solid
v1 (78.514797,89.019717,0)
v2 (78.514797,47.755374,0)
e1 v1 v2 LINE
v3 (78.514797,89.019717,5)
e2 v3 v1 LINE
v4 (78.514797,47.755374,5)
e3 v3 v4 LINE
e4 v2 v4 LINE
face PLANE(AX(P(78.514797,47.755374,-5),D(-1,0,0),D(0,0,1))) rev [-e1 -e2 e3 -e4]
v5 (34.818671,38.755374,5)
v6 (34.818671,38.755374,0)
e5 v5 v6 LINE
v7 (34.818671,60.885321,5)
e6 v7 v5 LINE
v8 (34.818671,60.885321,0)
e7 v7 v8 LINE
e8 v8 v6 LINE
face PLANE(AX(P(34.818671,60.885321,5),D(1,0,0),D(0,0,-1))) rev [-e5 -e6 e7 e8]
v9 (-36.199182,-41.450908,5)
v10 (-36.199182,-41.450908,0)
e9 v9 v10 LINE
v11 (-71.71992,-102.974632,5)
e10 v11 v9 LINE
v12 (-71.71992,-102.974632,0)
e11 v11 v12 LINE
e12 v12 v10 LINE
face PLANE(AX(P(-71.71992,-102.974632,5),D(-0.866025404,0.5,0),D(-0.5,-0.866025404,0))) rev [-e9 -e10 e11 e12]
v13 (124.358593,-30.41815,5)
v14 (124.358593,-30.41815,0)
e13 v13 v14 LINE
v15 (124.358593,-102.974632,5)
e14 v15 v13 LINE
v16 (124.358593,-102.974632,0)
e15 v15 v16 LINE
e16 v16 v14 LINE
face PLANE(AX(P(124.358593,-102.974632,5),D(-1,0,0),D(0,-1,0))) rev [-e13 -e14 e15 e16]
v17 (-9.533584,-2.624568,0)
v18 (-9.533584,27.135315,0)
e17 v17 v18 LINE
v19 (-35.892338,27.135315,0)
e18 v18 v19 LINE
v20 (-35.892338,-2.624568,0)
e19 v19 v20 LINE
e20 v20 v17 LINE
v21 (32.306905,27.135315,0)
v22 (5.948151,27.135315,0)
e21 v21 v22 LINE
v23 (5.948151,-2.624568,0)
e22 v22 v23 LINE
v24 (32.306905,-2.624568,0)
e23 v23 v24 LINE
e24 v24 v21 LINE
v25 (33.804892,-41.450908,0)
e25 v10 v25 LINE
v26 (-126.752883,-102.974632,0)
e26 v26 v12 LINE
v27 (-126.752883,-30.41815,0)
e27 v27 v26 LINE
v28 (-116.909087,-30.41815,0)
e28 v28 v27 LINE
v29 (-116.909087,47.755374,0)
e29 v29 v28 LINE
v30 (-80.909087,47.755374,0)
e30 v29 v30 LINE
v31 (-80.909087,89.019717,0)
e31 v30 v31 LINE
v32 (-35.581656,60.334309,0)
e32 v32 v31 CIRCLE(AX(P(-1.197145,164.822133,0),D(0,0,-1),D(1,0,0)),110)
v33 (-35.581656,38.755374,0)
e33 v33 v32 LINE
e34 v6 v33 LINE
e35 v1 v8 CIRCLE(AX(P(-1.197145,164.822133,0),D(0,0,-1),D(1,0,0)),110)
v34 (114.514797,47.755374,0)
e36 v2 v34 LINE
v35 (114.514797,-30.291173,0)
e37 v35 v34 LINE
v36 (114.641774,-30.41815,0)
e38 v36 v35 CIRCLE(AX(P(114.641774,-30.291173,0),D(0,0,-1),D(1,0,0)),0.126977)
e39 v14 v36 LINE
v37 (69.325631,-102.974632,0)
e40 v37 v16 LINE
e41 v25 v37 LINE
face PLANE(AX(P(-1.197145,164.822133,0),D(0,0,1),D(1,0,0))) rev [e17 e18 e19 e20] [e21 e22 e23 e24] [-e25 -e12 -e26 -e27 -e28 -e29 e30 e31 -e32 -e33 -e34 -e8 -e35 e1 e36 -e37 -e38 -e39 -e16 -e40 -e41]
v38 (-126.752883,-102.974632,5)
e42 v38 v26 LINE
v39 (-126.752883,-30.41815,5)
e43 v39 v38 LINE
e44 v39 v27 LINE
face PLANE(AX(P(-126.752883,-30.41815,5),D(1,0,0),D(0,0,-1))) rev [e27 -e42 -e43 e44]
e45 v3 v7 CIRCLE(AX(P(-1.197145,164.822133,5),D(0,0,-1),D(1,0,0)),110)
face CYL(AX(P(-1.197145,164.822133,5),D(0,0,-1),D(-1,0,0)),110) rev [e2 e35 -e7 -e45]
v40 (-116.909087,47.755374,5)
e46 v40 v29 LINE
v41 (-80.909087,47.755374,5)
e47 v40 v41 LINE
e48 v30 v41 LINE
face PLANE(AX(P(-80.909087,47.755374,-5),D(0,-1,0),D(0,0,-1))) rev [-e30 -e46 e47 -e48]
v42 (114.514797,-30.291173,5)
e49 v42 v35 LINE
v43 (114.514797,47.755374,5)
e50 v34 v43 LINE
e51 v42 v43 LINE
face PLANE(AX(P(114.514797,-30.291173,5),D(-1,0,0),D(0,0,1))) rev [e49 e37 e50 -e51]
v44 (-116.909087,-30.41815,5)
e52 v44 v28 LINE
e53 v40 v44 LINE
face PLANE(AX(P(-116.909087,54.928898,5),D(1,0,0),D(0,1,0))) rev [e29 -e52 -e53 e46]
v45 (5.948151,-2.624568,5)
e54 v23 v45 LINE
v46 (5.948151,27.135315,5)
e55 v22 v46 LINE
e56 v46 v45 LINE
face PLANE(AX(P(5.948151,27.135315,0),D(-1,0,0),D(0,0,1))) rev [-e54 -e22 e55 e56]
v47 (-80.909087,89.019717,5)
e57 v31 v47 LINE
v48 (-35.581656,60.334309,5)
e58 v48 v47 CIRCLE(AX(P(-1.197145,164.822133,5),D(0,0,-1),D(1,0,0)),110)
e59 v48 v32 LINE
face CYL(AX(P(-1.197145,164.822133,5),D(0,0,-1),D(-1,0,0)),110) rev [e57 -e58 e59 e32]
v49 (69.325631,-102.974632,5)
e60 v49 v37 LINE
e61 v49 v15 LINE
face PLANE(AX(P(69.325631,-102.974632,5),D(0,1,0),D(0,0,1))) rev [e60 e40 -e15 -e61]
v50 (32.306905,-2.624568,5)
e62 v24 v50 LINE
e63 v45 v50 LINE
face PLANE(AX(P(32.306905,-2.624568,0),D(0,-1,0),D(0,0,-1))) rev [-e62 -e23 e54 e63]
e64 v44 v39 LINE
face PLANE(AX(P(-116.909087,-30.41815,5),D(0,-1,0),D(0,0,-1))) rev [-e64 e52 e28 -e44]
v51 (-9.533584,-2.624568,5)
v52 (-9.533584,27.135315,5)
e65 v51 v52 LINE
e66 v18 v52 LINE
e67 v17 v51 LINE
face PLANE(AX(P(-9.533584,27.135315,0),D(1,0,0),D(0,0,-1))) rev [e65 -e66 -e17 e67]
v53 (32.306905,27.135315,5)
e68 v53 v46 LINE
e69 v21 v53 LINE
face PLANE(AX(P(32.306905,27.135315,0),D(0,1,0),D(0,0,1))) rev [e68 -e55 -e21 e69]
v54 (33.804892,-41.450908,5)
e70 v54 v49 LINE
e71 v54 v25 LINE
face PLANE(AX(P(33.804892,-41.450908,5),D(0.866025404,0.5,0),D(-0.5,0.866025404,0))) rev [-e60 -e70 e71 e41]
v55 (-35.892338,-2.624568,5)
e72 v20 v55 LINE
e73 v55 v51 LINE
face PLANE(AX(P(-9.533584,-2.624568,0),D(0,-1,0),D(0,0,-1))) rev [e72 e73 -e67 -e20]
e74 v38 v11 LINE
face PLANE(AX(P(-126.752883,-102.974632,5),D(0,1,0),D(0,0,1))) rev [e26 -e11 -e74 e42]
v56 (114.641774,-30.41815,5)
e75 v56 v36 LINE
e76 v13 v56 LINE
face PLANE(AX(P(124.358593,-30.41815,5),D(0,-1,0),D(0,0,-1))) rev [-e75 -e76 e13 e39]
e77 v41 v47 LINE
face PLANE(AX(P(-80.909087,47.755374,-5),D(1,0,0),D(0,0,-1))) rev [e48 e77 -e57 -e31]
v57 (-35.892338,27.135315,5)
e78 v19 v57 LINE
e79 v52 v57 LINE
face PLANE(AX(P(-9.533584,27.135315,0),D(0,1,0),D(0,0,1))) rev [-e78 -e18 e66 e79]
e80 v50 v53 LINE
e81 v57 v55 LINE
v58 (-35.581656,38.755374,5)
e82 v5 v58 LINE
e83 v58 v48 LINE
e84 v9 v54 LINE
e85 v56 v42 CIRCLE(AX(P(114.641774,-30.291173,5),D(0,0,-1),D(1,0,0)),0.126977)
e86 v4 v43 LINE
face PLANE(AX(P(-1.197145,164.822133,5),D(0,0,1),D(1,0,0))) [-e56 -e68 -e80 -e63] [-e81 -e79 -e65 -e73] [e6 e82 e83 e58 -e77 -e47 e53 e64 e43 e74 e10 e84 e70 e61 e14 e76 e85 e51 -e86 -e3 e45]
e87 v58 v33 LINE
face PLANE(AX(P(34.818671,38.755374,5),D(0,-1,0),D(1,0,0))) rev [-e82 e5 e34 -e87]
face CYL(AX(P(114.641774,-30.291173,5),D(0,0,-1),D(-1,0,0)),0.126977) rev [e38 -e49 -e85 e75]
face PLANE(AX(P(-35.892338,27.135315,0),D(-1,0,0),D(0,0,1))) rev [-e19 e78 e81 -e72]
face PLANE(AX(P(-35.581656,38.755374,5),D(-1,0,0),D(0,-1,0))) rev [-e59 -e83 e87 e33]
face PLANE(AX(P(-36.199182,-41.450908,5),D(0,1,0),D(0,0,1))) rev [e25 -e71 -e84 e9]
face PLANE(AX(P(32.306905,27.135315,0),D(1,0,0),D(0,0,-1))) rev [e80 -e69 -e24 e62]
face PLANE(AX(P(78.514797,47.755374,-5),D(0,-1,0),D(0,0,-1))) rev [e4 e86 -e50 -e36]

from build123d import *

# Parameters (mm, degrees)
BOSS_EXTRUDE1_DEPTH = 5
SKETCH2_W           = 26.358753283
SKETCH2_H           = 29.759882739
CUT_EXTRUDE1_DEPTH  = 5
SKETCH3_W           = 34.735720487
SKETCH3_H           = 8.029761026
BOSS_EXTRUDE2_DEPTH = 5
SKETCH4_W           = 54.614047871
SKETCH4_H           = 63
SKETCH4_W_2         = 55.31958059
CUT_EXTRUDE2_DEPTH  = 10


with BuildPart() as part:
    # Sketch1 → Boss-Extrude1 (new body)
    with BuildSketch(Plane.XY):
        with BuildLine():
            Line((-91.993742522, 102.725612705), (-126.729463009, 102.725612705))
            Line((-126.729463009, 102.725612705), (-126.746200519, 82.983777967))
            Line((-126.746200519, 82.983777967), (-126.751305113, 69.550155563))
            Line((-126.751305113, 69.550155563), (-126.751615017, 54.928897922))
            Line((-126.751615017, 54.928897922), (-116.909086823, 54.928897922))
            Line((-116.909086823, 54.928897922), (-116.909086823, -30.41815046))
            Line((-116.909086823, -30.41815046), (-126.752882712, -30.41815046))
            Line((-126.752882712, -30.41815046), (-126.752882712, -102.974632312))
            Line((-126.752882712, -102.974632312), (-71.719920422, -102.974632312))
            Line((-71.719920422, -102.974632312), (-36.199181634, -41.450908009))
            Line((-36.199181634, -41.450908009), (33.804891756, -41.450908009))
            Line((33.804891756, -41.450908009), (69.325630544, -102.974632312))
            Line((69.325630544, -102.974632312), (124.358592834, -102.974632312))
            Line((124.358592834, -102.974632312), (124.358592834, -30.41815046))
            Line((124.358592834, -30.41815046), (114.641773971, -30.41815046))
            ThreePointArc((114.641773971, -30.41815046), (114.551987655, -30.38095975), (114.514796945, -30.291173434))
            Line((114.514796945, -30.291173434), (114.514796945, 54.801920897))
            ThreePointArc((114.514796945, 54.801920897), (114.551987655, 54.891707213), (114.641773971, 54.928897922))
            Line((114.641773971, 54.928897922), (124.357325139, 54.928897922))
            Line((124.357325139, 54.928897922), (124.357015448, 69.54009331))
            Line((124.357015448, 69.54009331), (124.351902115, 82.993834667))
            Line((124.351902115, 82.993834667), (124.335173131, 102.725612705))
            Line((124.335173131, 102.725612705), (89.599452644, 102.725612705))
            ThreePointArc((89.599452644, 102.725612705), (65.571107836, 77.403597365), (34.818671263, 60.885320824))
            Line((34.818671263, 60.885320824), (34.818671263, 38.755373731))
            Line((34.818671263, 38.755373731), (-35.581655871, 38.755373731))
            Line((-35.581655871, 38.755373731), (-35.581655871, 60.334309069))
            ThreePointArc((-35.581655871, 60.334309069), (-67.279163206, 76.883706742), (-91.993742522, 102.725612705))
        make_face()
    extrude(amount=BOSS_EXTRUDE1_DEPTH)

    # Sketch2 → Cut-Extrude1 (cut)
    with BuildSketch(Plane.XY.offset(5)):
        with Locations((19.127528046, 12.255373732)):
            Rectangle(SKETCH2_W, SKETCH2_H)
        with Locations((-22.712961142, 12.255373732)):
            Rectangle(SKETCH2_W, SKETCH2_H)
    extrude(amount=-CUT_EXTRUDE1_DEPTH, mode=Mode.SUBTRACT)

    # Sketch3 → Boss-Extrude2 (add)
    with BuildSketch(Plane.XY.offset(5)):
        with Locations((-109.361602766, 106.740493218)):
            Rectangle(SKETCH3_W, SKETCH3_H)
        with Locations((106.967312888, 106.740493218)):
            Rectangle(SKETCH3_W, SKETCH3_H)
    extrude(amount=-BOSS_EXTRUDE2_DEPTH)

    # Sketch4 → Cut-Extrude2 (cut)
    with BuildSketch(Plane.XY.offset(5)):
        with Locations((105.82182088, 79.255373731)):
            Rectangle(SKETCH4_W, SKETCH4_H)
        with Locations((-108.568877118, 79.255373731)):
            Rectangle(SKETCH4_W_2, SKETCH4_H)
    extrude(amount=-CUT_EXTRUDE2_DEPTH, mode=Mode.SUBTRACT)


solid = part.part
